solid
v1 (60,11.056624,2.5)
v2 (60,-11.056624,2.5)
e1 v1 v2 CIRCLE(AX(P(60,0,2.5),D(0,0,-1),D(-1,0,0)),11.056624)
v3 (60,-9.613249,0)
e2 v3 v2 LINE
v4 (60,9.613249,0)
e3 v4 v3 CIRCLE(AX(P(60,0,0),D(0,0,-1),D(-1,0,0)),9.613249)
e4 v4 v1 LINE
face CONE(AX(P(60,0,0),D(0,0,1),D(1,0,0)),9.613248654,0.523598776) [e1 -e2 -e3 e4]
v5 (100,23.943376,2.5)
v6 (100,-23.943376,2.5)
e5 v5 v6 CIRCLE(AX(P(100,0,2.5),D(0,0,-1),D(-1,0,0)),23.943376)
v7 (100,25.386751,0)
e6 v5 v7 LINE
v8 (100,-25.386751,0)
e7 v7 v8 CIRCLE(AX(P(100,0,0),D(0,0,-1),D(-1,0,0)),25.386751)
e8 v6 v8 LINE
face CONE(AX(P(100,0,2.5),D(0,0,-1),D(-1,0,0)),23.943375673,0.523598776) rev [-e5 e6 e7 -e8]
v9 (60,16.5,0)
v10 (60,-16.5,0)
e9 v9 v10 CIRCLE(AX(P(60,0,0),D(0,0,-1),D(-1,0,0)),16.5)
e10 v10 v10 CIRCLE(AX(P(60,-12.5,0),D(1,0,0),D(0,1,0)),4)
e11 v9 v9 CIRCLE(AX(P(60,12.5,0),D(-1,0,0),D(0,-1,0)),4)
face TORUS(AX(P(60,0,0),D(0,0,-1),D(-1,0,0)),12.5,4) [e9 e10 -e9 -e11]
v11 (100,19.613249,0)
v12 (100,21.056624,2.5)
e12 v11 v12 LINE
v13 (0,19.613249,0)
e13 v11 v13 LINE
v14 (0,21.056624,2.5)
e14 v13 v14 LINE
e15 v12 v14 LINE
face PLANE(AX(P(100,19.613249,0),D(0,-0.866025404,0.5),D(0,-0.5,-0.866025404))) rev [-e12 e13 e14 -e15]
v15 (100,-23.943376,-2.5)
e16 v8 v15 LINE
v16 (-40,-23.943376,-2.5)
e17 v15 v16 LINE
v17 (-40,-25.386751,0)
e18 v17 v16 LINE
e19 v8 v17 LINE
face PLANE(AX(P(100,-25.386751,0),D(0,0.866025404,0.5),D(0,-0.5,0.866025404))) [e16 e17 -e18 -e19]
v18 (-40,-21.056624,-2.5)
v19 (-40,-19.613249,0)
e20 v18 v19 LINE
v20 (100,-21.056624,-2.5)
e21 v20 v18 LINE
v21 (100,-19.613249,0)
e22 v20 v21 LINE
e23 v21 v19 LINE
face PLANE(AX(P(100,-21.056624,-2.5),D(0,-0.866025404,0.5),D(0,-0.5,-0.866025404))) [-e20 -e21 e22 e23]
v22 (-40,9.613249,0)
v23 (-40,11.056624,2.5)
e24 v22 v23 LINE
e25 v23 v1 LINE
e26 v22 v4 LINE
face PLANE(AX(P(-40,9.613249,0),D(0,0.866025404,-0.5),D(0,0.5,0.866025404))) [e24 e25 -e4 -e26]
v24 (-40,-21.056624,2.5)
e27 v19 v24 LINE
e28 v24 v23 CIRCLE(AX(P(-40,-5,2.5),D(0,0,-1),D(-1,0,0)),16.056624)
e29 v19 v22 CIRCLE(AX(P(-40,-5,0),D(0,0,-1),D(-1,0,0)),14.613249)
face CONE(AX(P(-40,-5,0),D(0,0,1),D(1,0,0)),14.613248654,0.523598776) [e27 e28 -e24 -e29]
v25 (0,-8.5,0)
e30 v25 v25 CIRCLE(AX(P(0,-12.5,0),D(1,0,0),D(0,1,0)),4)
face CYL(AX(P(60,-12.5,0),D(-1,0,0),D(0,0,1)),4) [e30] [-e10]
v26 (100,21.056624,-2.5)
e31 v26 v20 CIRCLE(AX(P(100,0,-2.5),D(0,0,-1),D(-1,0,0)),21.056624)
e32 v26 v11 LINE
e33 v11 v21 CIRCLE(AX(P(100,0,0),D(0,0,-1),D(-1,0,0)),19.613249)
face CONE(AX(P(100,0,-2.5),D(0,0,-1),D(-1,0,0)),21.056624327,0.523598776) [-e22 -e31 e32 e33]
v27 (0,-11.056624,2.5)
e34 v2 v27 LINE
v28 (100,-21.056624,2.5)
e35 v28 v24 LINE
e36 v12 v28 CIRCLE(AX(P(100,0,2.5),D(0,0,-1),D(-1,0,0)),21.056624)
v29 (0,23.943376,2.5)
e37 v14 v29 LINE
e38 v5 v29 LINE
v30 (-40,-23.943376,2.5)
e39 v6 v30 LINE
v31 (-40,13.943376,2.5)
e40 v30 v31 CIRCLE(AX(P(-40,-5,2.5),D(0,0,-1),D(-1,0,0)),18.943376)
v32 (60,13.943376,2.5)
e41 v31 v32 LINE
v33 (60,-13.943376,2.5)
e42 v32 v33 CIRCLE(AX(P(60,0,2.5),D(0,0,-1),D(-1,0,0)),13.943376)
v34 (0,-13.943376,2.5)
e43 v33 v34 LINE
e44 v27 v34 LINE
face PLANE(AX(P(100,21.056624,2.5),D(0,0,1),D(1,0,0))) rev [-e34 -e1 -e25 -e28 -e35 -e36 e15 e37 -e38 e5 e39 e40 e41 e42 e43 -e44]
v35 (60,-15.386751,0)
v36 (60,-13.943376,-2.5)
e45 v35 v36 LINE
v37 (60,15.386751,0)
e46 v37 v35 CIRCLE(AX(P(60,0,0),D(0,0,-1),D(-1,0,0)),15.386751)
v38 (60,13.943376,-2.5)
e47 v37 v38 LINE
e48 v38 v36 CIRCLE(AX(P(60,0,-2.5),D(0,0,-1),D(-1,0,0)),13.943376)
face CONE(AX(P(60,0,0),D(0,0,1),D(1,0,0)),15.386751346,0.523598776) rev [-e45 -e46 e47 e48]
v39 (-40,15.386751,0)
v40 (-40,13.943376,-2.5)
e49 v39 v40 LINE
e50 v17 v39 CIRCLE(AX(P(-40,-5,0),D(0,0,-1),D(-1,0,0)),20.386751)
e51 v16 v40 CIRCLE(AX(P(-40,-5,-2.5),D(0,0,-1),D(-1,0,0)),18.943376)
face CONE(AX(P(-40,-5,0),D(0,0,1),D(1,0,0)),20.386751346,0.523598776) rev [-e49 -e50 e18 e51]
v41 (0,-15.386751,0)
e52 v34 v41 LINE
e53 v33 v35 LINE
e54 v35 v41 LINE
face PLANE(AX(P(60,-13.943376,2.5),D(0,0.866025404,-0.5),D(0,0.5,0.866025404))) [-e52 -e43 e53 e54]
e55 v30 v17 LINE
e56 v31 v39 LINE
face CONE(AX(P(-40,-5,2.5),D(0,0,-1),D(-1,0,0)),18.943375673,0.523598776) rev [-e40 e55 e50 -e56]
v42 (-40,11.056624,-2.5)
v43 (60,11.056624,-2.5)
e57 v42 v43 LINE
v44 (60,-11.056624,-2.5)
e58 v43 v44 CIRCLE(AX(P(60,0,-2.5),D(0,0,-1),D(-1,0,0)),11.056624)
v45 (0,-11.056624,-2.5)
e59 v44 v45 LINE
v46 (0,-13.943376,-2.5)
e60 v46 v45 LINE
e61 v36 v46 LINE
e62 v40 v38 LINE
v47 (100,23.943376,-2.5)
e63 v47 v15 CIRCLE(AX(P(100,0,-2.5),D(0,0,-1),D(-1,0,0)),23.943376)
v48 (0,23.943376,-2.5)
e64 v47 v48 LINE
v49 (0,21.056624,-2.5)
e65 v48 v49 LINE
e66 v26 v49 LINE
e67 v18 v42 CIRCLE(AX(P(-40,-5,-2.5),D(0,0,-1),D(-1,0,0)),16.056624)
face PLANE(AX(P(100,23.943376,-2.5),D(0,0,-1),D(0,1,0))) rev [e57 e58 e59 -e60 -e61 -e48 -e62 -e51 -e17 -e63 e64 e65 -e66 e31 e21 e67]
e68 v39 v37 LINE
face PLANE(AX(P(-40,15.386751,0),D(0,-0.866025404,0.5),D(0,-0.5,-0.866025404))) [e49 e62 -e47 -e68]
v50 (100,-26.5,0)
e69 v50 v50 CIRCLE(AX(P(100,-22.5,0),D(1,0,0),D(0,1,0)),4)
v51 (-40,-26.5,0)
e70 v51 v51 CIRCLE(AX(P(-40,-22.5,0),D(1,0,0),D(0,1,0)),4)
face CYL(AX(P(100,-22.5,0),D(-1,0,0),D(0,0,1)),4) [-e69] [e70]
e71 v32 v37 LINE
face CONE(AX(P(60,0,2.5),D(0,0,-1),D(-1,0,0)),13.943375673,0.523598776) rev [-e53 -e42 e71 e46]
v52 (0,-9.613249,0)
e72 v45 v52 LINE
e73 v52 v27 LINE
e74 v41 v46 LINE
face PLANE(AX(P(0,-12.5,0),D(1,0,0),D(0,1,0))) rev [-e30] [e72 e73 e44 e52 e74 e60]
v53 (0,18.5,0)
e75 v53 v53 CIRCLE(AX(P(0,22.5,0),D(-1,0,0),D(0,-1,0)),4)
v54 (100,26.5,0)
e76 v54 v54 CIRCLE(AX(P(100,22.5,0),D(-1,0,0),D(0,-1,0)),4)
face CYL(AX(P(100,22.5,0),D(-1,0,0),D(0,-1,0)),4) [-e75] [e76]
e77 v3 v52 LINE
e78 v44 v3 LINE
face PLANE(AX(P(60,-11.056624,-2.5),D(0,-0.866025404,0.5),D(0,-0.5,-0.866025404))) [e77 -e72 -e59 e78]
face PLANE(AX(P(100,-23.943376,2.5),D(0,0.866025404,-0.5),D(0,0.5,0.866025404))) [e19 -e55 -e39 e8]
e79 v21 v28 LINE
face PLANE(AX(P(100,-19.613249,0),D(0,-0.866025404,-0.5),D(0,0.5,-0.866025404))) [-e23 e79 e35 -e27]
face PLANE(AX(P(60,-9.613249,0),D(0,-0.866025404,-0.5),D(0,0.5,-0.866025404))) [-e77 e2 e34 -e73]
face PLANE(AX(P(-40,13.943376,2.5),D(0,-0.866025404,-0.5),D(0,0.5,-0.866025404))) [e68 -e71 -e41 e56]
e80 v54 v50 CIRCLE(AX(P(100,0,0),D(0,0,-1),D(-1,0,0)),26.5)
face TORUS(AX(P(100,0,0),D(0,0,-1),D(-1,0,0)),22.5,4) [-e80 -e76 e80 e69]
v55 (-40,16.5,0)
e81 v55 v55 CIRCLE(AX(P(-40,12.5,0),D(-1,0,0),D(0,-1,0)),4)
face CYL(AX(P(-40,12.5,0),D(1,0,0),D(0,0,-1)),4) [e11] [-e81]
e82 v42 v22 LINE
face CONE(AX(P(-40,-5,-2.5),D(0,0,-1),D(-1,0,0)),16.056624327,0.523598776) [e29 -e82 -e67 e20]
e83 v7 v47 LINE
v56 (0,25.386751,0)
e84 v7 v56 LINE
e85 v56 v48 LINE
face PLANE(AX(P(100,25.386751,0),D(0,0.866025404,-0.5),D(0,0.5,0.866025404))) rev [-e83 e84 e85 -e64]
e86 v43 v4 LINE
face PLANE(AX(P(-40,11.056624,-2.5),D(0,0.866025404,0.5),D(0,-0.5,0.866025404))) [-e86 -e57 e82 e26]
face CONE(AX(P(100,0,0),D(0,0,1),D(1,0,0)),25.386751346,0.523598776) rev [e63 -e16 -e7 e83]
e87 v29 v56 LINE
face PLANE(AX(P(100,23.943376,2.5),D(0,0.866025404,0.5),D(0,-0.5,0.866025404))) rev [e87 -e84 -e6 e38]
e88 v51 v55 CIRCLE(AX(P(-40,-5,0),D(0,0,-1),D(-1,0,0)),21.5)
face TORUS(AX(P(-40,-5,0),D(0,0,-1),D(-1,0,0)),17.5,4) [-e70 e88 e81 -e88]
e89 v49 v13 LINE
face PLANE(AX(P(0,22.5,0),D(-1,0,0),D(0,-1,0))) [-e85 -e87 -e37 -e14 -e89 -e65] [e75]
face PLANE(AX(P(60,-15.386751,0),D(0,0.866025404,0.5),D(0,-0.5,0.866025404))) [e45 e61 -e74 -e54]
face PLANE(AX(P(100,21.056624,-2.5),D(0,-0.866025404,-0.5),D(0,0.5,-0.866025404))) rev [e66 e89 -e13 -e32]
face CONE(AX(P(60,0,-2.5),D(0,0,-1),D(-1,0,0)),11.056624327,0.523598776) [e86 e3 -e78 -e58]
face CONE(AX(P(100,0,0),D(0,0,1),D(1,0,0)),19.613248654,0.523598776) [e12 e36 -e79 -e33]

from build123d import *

# Parameters (mm, degrees)
SKETCH_3_R = 4


with BuildPart() as part:
    # По траектории2: sweep along a path in Эскиз2
    with BuildLine(Plane.XY) as sweep_2_path:
        Line((0, -12.5), (60, -12.5))
        ThreePointArc((60, -12.5), (72.5, 0), (60, 12.5))
        Line((60, 12.5), (-40, 12.5))
        ThreePointArc((-40, 12.5), (-57.5, -5), (-40, -22.5))
        Line((-40, -22.5), (100, -22.5))
        ThreePointArc((100, -22.5), (122.5, 0), (100, 22.5))
        Line((100, 22.5), (0, 22.5))
    # Эскиз3 → По траектории2 (sweep)
    with BuildSketch(Plane(origin=(0, 22.5, 0), x_dir=(0, 0, 1), z_dir=(-1, 0, 0))):
        Circle(SKETCH_3_R)
        Polygon((0, 2.886751346), (-2.5, 1.443375673), (-2.5, -1.443375673), (0, -2.886751346), (2.5, -1.443375673), (2.5, 1.443375673), align=None, mode=Mode.SUBTRACT)
    sweep(path=sweep_2_path.line)


solid = part.part
